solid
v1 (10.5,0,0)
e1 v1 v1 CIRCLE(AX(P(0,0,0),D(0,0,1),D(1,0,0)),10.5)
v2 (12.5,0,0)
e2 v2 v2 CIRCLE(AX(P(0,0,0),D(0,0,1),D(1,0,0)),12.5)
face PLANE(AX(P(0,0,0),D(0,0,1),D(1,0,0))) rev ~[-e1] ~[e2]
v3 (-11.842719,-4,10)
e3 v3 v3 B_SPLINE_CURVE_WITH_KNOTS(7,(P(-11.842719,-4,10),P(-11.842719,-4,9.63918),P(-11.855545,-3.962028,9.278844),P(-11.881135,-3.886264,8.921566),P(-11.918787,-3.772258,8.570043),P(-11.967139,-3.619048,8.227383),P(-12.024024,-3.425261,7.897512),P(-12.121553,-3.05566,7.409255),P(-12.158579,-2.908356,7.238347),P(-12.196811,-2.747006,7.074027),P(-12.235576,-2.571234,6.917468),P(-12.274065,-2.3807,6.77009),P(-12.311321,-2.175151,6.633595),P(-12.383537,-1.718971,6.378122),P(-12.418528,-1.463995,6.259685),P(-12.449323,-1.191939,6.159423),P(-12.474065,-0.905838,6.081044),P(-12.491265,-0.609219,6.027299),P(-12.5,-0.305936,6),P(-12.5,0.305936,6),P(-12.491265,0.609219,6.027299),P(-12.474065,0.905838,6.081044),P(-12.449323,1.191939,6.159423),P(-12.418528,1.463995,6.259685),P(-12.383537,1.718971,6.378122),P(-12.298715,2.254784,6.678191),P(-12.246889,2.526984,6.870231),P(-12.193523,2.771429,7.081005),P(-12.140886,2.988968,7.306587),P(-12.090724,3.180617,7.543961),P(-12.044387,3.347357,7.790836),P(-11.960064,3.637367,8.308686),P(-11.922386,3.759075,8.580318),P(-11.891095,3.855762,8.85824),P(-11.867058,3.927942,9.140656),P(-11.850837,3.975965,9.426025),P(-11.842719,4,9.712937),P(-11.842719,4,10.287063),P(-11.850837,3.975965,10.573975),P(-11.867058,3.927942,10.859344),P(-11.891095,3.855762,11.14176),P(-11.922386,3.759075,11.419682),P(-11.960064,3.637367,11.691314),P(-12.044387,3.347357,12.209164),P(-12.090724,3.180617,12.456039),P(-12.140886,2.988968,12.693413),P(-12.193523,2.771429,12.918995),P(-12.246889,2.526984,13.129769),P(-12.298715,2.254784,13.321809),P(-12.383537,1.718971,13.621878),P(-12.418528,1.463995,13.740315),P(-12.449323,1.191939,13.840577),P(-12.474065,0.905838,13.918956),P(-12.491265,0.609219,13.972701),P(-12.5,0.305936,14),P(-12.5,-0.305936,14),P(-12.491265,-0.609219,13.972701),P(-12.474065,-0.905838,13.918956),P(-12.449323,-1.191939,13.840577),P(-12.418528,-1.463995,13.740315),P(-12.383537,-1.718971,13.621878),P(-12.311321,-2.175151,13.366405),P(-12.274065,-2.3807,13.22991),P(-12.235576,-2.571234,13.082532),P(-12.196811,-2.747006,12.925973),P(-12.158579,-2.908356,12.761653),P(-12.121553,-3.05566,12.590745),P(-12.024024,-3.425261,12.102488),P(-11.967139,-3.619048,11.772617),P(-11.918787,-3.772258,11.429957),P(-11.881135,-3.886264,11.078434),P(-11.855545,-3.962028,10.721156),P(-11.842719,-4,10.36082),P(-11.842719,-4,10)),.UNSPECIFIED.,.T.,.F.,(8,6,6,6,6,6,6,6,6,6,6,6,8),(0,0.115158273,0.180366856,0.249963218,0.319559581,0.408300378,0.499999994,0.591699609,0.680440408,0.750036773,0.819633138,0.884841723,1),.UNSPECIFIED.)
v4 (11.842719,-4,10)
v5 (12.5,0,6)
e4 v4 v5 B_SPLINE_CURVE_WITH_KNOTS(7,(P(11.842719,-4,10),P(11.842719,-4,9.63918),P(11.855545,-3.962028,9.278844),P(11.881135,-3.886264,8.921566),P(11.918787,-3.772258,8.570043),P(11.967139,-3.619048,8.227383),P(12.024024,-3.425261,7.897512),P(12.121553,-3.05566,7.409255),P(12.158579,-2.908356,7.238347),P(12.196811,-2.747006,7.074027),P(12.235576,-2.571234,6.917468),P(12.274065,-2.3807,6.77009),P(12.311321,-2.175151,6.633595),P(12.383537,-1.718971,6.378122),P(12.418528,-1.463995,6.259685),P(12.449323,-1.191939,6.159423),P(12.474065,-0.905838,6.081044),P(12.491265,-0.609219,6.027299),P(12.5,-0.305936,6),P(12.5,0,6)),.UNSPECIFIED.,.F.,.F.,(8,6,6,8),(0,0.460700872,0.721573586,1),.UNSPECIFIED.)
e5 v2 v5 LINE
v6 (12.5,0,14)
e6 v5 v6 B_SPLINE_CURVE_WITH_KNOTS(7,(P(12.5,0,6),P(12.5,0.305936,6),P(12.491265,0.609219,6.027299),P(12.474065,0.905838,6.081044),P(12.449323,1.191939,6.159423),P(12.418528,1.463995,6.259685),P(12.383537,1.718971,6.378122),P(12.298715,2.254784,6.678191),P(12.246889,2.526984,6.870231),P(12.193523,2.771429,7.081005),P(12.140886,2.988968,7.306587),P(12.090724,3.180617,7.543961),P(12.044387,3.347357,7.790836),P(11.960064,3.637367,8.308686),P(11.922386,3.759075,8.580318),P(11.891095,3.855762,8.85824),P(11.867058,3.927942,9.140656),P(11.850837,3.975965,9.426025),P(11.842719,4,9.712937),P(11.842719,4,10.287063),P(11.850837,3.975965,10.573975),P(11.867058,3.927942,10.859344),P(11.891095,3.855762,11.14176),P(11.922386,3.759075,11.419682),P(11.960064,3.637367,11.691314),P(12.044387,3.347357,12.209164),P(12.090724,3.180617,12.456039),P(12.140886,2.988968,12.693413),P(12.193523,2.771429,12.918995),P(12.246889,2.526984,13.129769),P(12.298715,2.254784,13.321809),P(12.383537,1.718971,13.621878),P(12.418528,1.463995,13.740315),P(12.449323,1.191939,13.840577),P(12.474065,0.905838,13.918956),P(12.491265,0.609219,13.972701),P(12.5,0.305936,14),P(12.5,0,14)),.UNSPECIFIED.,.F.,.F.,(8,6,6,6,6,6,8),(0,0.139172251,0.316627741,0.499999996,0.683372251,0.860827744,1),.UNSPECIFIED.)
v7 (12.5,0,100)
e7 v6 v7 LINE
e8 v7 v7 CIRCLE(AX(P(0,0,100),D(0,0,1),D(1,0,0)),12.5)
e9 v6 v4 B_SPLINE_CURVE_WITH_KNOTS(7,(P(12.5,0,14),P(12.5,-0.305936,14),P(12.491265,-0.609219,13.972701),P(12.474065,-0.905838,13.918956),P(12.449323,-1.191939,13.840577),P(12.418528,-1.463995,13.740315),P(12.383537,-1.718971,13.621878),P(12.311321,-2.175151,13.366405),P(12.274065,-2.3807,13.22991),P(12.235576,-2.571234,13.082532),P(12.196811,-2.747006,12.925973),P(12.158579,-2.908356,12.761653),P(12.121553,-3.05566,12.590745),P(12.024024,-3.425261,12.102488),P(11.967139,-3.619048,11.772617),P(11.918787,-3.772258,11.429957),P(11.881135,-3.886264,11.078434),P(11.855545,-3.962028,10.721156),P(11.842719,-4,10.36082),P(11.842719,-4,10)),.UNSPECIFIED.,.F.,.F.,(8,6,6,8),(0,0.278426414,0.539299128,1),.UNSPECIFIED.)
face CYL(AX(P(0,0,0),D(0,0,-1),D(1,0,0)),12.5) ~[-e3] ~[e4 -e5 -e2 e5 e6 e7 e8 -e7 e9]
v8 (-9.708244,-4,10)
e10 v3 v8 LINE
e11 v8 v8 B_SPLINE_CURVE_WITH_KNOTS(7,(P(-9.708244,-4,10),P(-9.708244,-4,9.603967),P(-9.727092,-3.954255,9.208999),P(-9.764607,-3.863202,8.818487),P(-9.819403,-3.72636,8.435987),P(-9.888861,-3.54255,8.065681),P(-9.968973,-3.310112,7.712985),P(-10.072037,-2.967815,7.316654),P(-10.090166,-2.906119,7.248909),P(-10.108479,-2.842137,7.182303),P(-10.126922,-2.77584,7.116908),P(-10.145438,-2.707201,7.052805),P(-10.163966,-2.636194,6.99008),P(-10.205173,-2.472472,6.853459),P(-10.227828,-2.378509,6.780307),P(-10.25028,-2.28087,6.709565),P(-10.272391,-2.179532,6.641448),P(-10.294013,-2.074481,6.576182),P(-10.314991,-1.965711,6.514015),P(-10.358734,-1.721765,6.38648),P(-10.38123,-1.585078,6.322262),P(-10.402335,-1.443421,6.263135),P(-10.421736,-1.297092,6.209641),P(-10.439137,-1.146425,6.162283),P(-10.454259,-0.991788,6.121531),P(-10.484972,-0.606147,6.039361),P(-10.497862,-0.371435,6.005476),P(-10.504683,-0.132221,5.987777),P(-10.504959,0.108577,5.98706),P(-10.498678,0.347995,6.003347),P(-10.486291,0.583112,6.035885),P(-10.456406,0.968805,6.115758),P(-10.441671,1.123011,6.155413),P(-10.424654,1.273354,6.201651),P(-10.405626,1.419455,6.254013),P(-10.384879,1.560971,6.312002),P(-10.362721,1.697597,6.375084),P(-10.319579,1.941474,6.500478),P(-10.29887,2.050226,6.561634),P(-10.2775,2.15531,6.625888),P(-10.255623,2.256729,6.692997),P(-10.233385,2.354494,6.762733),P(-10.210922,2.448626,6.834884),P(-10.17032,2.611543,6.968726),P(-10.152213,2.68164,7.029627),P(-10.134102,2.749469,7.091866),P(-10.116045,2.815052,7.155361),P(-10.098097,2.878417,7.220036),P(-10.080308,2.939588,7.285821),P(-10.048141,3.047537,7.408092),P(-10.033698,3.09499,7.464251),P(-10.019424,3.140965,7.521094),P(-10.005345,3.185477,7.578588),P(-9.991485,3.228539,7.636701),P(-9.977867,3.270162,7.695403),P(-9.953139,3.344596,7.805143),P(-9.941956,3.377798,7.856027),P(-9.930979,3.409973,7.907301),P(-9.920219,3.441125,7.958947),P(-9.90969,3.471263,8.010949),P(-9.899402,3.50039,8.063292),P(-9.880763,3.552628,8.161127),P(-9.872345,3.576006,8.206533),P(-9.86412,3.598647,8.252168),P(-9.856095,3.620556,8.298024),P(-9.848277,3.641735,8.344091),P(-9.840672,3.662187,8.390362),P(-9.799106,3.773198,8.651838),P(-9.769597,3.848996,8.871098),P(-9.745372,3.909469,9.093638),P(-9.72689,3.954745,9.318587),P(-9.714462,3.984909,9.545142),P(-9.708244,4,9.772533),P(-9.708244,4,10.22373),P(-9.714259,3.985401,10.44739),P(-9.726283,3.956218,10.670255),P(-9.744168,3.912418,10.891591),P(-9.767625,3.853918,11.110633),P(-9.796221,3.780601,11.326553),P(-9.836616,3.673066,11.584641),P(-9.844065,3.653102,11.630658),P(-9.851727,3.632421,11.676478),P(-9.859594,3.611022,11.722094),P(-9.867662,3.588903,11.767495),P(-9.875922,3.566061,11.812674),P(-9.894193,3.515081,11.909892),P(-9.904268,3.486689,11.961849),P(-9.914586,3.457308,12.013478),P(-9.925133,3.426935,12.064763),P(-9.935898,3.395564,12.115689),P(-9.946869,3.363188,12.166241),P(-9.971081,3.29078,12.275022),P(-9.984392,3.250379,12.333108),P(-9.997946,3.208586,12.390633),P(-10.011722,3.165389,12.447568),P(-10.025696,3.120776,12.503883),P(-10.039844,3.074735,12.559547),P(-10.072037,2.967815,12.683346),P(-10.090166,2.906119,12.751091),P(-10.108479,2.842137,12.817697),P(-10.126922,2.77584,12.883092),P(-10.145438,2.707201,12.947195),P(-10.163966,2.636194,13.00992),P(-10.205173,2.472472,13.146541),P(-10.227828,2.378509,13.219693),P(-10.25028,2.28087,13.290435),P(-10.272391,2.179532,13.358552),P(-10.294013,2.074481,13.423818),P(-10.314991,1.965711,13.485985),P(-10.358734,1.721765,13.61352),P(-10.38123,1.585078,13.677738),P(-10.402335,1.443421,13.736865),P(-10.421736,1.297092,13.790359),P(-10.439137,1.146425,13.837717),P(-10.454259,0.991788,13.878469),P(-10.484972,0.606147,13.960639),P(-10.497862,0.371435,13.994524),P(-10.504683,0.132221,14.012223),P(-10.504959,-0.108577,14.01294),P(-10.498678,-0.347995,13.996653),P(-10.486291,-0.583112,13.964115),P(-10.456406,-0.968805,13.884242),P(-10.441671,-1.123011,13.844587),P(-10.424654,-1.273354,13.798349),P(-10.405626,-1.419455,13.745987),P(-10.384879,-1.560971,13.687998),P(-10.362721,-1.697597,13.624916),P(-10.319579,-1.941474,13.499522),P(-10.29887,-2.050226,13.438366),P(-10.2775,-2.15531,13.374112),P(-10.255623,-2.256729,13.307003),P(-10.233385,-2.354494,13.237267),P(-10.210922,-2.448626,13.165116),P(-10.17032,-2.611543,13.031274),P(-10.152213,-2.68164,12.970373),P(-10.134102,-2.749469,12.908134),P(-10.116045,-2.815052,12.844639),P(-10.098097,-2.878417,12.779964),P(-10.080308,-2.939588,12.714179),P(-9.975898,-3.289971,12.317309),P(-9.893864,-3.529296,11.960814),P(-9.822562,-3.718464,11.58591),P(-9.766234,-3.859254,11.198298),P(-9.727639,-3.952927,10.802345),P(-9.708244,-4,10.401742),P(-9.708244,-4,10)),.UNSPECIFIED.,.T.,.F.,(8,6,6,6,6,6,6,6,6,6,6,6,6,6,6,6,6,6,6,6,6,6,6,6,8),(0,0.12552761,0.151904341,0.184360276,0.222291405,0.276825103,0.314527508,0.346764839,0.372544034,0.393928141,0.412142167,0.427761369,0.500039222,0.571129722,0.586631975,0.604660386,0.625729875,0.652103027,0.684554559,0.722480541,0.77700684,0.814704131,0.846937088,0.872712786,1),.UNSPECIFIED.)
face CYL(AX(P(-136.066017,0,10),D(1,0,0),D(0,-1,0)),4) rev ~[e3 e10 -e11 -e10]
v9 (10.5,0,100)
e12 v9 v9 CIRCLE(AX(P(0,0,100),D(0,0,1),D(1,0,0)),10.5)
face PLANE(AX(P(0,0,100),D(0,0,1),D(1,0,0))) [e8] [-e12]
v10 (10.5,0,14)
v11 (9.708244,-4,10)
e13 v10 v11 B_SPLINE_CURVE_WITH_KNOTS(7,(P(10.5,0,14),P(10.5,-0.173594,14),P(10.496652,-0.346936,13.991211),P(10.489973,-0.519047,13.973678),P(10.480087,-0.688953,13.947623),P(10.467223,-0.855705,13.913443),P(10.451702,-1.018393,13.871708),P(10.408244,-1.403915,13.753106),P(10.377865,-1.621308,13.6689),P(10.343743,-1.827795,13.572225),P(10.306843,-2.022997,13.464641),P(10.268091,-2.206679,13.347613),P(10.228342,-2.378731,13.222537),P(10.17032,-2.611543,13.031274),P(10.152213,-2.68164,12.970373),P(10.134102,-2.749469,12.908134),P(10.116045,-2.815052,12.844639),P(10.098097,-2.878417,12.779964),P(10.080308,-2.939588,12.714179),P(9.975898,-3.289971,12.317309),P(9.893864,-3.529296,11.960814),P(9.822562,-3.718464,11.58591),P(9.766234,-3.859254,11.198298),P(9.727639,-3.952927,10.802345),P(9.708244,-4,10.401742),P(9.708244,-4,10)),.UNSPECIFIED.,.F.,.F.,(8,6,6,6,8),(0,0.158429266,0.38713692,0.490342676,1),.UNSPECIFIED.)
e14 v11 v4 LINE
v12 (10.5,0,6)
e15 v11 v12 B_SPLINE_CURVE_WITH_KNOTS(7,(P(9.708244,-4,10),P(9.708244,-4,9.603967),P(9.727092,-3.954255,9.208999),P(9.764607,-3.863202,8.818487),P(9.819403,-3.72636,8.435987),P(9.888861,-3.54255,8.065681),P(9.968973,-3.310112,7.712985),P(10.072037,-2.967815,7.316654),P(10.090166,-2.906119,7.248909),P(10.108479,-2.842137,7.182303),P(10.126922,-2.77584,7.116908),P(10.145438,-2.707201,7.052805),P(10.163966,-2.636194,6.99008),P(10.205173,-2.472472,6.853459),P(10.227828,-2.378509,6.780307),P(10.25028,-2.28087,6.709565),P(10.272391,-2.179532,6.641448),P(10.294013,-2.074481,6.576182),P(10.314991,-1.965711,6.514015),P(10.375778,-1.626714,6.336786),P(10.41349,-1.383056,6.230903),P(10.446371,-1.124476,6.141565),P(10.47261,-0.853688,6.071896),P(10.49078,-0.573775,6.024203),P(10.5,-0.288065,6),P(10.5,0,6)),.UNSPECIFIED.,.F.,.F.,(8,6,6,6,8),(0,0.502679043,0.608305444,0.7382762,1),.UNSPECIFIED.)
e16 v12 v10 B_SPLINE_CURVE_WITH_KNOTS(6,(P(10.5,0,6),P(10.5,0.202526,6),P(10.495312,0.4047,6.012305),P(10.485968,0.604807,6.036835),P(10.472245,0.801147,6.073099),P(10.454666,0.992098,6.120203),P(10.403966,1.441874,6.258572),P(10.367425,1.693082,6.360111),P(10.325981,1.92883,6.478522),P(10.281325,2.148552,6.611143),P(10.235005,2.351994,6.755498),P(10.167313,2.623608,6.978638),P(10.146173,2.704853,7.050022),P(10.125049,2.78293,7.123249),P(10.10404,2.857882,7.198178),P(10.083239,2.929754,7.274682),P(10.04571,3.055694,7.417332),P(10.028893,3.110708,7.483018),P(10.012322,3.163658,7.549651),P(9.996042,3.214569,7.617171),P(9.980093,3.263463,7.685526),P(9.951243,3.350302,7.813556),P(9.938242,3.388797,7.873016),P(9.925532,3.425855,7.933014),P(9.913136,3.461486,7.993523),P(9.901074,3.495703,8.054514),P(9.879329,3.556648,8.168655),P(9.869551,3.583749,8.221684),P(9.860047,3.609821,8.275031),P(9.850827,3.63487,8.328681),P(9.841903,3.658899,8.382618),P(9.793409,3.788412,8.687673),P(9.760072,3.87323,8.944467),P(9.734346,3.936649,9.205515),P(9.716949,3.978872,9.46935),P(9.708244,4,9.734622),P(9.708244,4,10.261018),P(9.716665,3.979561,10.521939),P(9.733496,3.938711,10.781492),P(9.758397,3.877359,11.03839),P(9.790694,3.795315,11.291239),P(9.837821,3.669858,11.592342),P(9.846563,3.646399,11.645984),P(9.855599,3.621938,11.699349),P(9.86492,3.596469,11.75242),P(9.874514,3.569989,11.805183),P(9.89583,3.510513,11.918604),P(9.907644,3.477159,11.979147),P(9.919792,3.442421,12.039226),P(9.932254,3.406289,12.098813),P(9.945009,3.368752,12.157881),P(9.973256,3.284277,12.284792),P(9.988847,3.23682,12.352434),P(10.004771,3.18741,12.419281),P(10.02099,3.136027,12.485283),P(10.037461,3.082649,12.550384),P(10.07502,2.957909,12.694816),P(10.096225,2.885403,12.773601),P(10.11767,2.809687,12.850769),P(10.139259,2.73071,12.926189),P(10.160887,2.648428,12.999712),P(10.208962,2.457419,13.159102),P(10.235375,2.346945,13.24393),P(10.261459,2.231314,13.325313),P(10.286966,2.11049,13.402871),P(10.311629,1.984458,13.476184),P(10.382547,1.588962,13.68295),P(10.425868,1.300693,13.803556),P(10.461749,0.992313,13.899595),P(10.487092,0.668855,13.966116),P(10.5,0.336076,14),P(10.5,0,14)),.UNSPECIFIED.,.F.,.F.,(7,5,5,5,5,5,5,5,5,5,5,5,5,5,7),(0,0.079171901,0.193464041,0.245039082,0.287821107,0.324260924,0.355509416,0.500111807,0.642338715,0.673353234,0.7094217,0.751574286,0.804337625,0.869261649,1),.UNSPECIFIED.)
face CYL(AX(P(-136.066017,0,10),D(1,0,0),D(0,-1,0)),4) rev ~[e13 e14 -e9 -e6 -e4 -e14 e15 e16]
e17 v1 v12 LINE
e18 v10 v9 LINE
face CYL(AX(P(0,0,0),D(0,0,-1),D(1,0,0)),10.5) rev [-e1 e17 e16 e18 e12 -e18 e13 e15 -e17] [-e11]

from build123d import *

# Parameters (mm, degrees)
F0_R     = 12.5
F1_DEPTH = 100
F2_T     = -2
F5_D     = 8


with BuildPart() as f1:
    # F0 (on Top) → F1 (new body)
    with BuildSketch(Plane.XY):
        Circle(F0_R)
    extrude(amount=F1_DEPTH)

    # F2
    f2_openings = [f1.faces().sort_by_distance(p)[0] for p in [
        (0, 0, 100),
        (0, 0, 0),
    ]]
    offset(amount=F2_T, openings=f2_openings)

    # F5 (through all)
    with Locations(Plane(origin=(-30, 0, 0), x_dir=(0, 1, 0), z_dir=(-1, 0, 0))):
        with Locations((0, -10)):
            Hole(F5_D / 2)


solid = f1.part
